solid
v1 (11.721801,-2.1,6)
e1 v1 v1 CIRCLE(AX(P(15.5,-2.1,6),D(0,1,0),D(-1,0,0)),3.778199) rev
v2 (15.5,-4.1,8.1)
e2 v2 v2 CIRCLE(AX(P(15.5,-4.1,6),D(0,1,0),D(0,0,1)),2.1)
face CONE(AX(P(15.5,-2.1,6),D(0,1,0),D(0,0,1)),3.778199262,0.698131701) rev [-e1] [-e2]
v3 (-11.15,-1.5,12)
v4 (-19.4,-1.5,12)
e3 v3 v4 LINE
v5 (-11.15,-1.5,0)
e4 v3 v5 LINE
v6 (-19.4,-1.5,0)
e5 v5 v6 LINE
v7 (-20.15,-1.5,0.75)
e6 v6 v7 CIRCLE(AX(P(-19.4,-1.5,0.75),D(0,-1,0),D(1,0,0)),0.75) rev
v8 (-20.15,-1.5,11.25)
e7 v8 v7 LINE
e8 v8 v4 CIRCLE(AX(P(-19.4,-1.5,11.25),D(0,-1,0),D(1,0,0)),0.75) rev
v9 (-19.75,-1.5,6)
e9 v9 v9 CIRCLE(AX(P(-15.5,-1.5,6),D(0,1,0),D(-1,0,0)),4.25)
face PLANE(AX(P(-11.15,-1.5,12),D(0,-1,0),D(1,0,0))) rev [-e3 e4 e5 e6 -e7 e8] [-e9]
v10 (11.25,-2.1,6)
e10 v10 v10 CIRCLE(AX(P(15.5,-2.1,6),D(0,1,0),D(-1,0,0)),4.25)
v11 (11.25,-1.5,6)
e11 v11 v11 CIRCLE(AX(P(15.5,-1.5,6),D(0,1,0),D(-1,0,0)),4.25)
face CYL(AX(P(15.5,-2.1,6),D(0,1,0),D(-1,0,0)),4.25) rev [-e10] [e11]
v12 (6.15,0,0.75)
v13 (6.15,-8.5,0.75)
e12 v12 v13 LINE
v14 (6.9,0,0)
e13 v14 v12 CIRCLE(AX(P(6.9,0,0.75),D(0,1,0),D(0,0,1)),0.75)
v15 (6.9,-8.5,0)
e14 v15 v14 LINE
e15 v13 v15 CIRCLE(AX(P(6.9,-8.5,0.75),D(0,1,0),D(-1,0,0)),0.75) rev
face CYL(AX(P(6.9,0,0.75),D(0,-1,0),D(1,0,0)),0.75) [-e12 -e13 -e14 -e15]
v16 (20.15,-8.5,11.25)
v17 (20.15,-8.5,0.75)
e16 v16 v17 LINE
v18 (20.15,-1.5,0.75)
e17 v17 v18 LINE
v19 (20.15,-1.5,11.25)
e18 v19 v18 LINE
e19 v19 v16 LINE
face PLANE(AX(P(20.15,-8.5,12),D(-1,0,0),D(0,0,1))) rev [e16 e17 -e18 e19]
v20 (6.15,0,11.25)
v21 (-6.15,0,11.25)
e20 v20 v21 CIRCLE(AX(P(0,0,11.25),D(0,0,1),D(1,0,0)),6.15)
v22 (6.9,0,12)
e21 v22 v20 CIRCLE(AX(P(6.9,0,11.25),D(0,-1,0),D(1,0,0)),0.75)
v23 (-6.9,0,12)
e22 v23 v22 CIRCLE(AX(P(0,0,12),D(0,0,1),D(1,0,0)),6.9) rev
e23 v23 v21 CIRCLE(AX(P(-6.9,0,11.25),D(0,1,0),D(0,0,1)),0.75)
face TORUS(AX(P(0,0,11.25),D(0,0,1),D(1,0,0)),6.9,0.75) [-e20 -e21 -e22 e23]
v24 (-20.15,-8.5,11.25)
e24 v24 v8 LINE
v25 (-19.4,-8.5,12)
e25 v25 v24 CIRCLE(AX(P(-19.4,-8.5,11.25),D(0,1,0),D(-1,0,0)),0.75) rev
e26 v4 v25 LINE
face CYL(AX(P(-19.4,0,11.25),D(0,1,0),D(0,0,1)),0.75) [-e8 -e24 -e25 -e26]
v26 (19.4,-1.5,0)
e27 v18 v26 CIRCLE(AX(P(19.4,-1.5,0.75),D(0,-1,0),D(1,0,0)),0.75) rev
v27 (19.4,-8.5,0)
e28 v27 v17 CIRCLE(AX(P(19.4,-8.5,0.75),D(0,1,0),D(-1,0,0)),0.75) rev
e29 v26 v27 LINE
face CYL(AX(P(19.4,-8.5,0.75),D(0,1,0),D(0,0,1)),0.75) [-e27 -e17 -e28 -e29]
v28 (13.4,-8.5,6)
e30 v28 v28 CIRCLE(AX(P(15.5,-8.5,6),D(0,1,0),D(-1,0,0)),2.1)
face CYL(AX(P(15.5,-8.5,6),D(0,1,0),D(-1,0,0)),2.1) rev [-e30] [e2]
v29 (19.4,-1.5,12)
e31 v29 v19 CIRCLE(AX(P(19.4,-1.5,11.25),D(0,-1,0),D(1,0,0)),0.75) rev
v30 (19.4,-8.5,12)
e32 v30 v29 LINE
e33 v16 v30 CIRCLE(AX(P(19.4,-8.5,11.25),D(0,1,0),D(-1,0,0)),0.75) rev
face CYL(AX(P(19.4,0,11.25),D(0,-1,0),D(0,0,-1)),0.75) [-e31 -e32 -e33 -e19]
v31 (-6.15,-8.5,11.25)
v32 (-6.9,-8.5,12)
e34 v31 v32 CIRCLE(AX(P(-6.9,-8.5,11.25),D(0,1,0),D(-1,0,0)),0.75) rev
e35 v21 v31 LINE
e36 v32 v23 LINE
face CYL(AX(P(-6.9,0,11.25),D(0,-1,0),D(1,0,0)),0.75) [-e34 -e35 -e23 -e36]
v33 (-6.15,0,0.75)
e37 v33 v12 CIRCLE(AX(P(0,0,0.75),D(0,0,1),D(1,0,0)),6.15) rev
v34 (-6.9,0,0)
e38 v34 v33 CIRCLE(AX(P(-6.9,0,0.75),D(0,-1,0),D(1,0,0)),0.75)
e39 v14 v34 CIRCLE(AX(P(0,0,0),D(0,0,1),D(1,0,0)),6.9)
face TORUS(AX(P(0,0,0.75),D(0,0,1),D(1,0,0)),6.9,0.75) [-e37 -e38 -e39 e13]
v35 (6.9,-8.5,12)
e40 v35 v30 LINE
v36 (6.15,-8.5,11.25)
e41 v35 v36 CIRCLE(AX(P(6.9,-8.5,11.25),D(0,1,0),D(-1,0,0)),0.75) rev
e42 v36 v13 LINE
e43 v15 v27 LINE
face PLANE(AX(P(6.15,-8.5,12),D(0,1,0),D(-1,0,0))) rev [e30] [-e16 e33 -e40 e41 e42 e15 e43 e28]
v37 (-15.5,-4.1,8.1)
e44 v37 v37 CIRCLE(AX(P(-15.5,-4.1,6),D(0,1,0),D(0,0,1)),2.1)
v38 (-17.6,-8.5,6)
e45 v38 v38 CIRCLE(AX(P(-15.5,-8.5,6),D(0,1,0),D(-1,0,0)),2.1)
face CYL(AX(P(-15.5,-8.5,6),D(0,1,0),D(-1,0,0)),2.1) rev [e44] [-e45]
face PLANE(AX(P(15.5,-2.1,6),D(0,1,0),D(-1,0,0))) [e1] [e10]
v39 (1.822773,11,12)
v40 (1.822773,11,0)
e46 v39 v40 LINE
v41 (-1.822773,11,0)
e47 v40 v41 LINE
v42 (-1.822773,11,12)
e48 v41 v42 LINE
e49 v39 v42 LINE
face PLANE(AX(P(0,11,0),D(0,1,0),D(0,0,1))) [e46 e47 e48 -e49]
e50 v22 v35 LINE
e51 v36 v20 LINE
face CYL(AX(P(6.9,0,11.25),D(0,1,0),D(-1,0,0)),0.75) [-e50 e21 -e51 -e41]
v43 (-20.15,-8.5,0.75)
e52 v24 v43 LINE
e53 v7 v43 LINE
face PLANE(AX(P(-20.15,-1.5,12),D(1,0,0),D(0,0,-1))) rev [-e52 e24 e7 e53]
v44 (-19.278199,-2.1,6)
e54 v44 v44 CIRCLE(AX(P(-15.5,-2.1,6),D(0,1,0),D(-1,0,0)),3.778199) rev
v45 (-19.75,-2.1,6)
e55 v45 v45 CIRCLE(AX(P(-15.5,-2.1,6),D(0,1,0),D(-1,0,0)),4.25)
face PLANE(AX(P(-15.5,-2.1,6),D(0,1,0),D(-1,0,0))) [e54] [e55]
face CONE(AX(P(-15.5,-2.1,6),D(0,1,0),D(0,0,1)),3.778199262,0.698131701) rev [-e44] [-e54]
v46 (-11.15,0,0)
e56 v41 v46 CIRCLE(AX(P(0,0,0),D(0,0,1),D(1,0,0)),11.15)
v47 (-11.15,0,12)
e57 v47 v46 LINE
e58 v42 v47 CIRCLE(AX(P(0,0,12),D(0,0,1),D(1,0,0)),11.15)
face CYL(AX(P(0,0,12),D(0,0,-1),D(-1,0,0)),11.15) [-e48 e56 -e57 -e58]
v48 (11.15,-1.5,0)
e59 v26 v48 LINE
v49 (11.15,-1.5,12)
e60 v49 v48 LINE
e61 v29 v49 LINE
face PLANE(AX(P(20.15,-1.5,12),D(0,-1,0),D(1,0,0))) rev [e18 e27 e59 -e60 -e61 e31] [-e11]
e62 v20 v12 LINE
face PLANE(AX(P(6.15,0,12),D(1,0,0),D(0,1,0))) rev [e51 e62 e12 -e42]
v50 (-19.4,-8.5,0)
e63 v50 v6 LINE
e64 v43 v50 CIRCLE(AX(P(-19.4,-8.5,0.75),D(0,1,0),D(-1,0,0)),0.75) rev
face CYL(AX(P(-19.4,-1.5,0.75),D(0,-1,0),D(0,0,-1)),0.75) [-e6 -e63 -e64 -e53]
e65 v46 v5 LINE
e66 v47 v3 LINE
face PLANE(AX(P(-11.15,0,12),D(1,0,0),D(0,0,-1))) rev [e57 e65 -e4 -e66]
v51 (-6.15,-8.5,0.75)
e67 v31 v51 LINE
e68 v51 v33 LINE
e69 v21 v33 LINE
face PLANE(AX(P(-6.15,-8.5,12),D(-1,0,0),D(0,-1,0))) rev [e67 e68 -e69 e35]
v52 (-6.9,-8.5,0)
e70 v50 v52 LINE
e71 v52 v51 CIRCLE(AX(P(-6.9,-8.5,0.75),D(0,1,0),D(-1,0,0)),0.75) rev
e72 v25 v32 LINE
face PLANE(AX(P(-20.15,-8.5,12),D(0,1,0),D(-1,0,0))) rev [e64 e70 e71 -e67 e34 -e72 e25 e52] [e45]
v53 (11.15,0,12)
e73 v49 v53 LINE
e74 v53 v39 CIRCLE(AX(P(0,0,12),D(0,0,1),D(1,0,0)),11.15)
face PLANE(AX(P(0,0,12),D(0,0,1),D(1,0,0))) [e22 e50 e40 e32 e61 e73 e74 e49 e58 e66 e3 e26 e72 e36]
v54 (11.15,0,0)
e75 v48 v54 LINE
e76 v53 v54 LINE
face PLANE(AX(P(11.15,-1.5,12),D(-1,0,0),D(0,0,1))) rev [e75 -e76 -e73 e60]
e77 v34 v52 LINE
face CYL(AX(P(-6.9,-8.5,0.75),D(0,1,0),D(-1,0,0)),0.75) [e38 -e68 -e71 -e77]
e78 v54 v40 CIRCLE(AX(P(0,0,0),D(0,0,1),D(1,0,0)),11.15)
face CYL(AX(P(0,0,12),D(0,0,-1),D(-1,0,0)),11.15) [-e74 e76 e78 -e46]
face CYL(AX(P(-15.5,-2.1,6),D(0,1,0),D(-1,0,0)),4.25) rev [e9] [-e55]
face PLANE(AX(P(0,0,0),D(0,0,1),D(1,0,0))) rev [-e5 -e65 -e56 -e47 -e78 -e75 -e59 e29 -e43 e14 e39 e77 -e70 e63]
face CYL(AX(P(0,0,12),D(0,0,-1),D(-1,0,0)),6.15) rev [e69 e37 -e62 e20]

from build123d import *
from OCP.BRepFilletAPI import BRepFilletAPI_MakeChamfer

# Parameters (mm, degrees)
BOSS_EXTRUDE1_DEPTH = 12
SKETCH4_R           = 2.1
CUT_EXTRUDE1_DEPTH  = 27.646669586
SKETCH5_W           = 17.126081539
SKETCH5_H           = 14.483771816
CUT_EXTRUDE2_DEPTH  = 31.50036885
FILLET2_R           = 0.75
SKETCH7_R           = 4.25
CUT_EXTRUDE4_DEPTH  = 0.6
CHAMFER1_SIZE       = 2
CHAMFER1_SIZE2      = 1.678199262


with BuildPart() as part:
    # Sketch1 → Boss-Extrude1 (new body)
    with BuildSketch(Plane.XY):
        with BuildLine():
            Line((-11.15, 0), (-11.15, -1.5))
            Line((-11.15, -1.5), (-20.15, -1.5))
            Line((-20.15, -1.5), (-20.15, -8.5))
            Line((-20.15, -8.5), (-6.15, -8.5))
            Line((-6.15, -8.5), (-6.15, 0))
            ThreePointArc((-6.15, 0), (0, 6.15), (6.15, 0))
            Line((6.15, 0), (6.15, -8.5))
            Line((6.15, -8.5), (20.15, -8.5))
            Line((20.15, -8.5), (20.15, -1.5))
            Line((20.15, -1.5), (11.15, -1.5))
            Line((11.15, -1.5), (11.15, 0))
            ThreePointArc((11.15, 0), (0, 11.15), (-11.15, 0))
        make_face()
    extrude(amount=BOSS_EXTRUDE1_DEPTH)

    # Sketch4 → Cut-Extrude1 (cut, through all)
    with BuildSketch(Plane(origin=(0, -1.5, 0), x_dir=(1, 0, 0), z_dir=(0, 1, 0))):
        with Locations(Location((-15.5, -6, 0), (0, 0, 180))):
            Circle(SKETCH4_R)
        with Locations(Location((15.5, -6, 0), (0, 0, 180))):
            Circle(SKETCH4_R)
    extrude(amount=-CUT_EXTRUDE1_DEPTH, mode=Mode.SUBTRACT)

    # Sketch5 → Cut-Extrude2 (cut, through all)
    with BuildSketch(Plane(origin=(0, 11, 0), x_dir=(1, 0, 0), z_dir=(0, 1, 0))):
        with Locations((0.195726647, -5.794276843)):
            Rectangle(SKETCH5_W, SKETCH5_H)
    extrude(amount=CUT_EXTRUDE2_DEPTH, mode=Mode.SUBTRACT)

    # Fillet2
    fillet2_edges = [part.edges().sort_by_distance(p)[0] for p in [
        (20.15, -5, 0),
        (6.15, -4.25, 0),
        (0, 6.15, 0),
        (-6.15, -4.25, 0),
        (-20.15, -5, 0),
        (-20.15, -5, 12),
        (-6.15, -4.25, 12),
        (0, 6.15, 12),
        (6.15, -4.25, 12),
        (20.15, -5, 12),
    ]]
    fillet(fillet2_edges, radius=FILLET2_R)

    # Sketch7 → Cut-Extrude4 (cut)
    with BuildSketch(Plane(origin=(0, -1.5, 0), x_dir=(1, 0, 0), z_dir=(0, 1, 0))):
        with Locations(Location((-15.5, -6, 0), (0, 0, 180))):
            Circle(SKETCH7_R)
        with Locations(Location((15.5, -6, 0), (0, 0, 180))):
            Circle(SKETCH7_R)
    extrude(amount=-CUT_EXTRUDE4_DEPTH, mode=Mode.SUBTRACT)

    # Chamfer1: one chamfer whose edges measure the first distance from different faces: ONE call of the kernel's chamfer builder (chamfer() names one face for all edges)
    chamfer1_edges_1 = [part.edges().sort_by_distance(p)[0] for p in [
        (-13.4, -2.1, 6),
    ]]
    chamfer1_side_1 = [part.faces().sort_by_distance(p)[0] for p in [
        (-13.4, -5.3, 6),
    ]]
    chamfer1_edges_2 = [part.edges().sort_by_distance(p)[0] for p in [
        (17.6, -2.1, 6),
    ]]
    chamfer1_side_2 = [part.faces().sort_by_distance(p)[0] for p in [
        (17.6, -5.3, 6),
    ]]
    chamfer1 = BRepFilletAPI_MakeChamfer(part.part.solid().wrapped)
    for e in chamfer1_edges_1:
        chamfer1.Add(CHAMFER1_SIZE, CHAMFER1_SIZE2, e.wrapped, chamfer1_side_1[0].wrapped)  # the first distance lies on this face
    for e in chamfer1_edges_2:
        chamfer1.Add(CHAMFER1_SIZE, CHAMFER1_SIZE2, e.wrapped, chamfer1_side_2[0].wrapped)  # the first distance lies on this face
    add(Compound.cast(chamfer1.Shape()), mode=Mode.REPLACE)


solid = part.part
